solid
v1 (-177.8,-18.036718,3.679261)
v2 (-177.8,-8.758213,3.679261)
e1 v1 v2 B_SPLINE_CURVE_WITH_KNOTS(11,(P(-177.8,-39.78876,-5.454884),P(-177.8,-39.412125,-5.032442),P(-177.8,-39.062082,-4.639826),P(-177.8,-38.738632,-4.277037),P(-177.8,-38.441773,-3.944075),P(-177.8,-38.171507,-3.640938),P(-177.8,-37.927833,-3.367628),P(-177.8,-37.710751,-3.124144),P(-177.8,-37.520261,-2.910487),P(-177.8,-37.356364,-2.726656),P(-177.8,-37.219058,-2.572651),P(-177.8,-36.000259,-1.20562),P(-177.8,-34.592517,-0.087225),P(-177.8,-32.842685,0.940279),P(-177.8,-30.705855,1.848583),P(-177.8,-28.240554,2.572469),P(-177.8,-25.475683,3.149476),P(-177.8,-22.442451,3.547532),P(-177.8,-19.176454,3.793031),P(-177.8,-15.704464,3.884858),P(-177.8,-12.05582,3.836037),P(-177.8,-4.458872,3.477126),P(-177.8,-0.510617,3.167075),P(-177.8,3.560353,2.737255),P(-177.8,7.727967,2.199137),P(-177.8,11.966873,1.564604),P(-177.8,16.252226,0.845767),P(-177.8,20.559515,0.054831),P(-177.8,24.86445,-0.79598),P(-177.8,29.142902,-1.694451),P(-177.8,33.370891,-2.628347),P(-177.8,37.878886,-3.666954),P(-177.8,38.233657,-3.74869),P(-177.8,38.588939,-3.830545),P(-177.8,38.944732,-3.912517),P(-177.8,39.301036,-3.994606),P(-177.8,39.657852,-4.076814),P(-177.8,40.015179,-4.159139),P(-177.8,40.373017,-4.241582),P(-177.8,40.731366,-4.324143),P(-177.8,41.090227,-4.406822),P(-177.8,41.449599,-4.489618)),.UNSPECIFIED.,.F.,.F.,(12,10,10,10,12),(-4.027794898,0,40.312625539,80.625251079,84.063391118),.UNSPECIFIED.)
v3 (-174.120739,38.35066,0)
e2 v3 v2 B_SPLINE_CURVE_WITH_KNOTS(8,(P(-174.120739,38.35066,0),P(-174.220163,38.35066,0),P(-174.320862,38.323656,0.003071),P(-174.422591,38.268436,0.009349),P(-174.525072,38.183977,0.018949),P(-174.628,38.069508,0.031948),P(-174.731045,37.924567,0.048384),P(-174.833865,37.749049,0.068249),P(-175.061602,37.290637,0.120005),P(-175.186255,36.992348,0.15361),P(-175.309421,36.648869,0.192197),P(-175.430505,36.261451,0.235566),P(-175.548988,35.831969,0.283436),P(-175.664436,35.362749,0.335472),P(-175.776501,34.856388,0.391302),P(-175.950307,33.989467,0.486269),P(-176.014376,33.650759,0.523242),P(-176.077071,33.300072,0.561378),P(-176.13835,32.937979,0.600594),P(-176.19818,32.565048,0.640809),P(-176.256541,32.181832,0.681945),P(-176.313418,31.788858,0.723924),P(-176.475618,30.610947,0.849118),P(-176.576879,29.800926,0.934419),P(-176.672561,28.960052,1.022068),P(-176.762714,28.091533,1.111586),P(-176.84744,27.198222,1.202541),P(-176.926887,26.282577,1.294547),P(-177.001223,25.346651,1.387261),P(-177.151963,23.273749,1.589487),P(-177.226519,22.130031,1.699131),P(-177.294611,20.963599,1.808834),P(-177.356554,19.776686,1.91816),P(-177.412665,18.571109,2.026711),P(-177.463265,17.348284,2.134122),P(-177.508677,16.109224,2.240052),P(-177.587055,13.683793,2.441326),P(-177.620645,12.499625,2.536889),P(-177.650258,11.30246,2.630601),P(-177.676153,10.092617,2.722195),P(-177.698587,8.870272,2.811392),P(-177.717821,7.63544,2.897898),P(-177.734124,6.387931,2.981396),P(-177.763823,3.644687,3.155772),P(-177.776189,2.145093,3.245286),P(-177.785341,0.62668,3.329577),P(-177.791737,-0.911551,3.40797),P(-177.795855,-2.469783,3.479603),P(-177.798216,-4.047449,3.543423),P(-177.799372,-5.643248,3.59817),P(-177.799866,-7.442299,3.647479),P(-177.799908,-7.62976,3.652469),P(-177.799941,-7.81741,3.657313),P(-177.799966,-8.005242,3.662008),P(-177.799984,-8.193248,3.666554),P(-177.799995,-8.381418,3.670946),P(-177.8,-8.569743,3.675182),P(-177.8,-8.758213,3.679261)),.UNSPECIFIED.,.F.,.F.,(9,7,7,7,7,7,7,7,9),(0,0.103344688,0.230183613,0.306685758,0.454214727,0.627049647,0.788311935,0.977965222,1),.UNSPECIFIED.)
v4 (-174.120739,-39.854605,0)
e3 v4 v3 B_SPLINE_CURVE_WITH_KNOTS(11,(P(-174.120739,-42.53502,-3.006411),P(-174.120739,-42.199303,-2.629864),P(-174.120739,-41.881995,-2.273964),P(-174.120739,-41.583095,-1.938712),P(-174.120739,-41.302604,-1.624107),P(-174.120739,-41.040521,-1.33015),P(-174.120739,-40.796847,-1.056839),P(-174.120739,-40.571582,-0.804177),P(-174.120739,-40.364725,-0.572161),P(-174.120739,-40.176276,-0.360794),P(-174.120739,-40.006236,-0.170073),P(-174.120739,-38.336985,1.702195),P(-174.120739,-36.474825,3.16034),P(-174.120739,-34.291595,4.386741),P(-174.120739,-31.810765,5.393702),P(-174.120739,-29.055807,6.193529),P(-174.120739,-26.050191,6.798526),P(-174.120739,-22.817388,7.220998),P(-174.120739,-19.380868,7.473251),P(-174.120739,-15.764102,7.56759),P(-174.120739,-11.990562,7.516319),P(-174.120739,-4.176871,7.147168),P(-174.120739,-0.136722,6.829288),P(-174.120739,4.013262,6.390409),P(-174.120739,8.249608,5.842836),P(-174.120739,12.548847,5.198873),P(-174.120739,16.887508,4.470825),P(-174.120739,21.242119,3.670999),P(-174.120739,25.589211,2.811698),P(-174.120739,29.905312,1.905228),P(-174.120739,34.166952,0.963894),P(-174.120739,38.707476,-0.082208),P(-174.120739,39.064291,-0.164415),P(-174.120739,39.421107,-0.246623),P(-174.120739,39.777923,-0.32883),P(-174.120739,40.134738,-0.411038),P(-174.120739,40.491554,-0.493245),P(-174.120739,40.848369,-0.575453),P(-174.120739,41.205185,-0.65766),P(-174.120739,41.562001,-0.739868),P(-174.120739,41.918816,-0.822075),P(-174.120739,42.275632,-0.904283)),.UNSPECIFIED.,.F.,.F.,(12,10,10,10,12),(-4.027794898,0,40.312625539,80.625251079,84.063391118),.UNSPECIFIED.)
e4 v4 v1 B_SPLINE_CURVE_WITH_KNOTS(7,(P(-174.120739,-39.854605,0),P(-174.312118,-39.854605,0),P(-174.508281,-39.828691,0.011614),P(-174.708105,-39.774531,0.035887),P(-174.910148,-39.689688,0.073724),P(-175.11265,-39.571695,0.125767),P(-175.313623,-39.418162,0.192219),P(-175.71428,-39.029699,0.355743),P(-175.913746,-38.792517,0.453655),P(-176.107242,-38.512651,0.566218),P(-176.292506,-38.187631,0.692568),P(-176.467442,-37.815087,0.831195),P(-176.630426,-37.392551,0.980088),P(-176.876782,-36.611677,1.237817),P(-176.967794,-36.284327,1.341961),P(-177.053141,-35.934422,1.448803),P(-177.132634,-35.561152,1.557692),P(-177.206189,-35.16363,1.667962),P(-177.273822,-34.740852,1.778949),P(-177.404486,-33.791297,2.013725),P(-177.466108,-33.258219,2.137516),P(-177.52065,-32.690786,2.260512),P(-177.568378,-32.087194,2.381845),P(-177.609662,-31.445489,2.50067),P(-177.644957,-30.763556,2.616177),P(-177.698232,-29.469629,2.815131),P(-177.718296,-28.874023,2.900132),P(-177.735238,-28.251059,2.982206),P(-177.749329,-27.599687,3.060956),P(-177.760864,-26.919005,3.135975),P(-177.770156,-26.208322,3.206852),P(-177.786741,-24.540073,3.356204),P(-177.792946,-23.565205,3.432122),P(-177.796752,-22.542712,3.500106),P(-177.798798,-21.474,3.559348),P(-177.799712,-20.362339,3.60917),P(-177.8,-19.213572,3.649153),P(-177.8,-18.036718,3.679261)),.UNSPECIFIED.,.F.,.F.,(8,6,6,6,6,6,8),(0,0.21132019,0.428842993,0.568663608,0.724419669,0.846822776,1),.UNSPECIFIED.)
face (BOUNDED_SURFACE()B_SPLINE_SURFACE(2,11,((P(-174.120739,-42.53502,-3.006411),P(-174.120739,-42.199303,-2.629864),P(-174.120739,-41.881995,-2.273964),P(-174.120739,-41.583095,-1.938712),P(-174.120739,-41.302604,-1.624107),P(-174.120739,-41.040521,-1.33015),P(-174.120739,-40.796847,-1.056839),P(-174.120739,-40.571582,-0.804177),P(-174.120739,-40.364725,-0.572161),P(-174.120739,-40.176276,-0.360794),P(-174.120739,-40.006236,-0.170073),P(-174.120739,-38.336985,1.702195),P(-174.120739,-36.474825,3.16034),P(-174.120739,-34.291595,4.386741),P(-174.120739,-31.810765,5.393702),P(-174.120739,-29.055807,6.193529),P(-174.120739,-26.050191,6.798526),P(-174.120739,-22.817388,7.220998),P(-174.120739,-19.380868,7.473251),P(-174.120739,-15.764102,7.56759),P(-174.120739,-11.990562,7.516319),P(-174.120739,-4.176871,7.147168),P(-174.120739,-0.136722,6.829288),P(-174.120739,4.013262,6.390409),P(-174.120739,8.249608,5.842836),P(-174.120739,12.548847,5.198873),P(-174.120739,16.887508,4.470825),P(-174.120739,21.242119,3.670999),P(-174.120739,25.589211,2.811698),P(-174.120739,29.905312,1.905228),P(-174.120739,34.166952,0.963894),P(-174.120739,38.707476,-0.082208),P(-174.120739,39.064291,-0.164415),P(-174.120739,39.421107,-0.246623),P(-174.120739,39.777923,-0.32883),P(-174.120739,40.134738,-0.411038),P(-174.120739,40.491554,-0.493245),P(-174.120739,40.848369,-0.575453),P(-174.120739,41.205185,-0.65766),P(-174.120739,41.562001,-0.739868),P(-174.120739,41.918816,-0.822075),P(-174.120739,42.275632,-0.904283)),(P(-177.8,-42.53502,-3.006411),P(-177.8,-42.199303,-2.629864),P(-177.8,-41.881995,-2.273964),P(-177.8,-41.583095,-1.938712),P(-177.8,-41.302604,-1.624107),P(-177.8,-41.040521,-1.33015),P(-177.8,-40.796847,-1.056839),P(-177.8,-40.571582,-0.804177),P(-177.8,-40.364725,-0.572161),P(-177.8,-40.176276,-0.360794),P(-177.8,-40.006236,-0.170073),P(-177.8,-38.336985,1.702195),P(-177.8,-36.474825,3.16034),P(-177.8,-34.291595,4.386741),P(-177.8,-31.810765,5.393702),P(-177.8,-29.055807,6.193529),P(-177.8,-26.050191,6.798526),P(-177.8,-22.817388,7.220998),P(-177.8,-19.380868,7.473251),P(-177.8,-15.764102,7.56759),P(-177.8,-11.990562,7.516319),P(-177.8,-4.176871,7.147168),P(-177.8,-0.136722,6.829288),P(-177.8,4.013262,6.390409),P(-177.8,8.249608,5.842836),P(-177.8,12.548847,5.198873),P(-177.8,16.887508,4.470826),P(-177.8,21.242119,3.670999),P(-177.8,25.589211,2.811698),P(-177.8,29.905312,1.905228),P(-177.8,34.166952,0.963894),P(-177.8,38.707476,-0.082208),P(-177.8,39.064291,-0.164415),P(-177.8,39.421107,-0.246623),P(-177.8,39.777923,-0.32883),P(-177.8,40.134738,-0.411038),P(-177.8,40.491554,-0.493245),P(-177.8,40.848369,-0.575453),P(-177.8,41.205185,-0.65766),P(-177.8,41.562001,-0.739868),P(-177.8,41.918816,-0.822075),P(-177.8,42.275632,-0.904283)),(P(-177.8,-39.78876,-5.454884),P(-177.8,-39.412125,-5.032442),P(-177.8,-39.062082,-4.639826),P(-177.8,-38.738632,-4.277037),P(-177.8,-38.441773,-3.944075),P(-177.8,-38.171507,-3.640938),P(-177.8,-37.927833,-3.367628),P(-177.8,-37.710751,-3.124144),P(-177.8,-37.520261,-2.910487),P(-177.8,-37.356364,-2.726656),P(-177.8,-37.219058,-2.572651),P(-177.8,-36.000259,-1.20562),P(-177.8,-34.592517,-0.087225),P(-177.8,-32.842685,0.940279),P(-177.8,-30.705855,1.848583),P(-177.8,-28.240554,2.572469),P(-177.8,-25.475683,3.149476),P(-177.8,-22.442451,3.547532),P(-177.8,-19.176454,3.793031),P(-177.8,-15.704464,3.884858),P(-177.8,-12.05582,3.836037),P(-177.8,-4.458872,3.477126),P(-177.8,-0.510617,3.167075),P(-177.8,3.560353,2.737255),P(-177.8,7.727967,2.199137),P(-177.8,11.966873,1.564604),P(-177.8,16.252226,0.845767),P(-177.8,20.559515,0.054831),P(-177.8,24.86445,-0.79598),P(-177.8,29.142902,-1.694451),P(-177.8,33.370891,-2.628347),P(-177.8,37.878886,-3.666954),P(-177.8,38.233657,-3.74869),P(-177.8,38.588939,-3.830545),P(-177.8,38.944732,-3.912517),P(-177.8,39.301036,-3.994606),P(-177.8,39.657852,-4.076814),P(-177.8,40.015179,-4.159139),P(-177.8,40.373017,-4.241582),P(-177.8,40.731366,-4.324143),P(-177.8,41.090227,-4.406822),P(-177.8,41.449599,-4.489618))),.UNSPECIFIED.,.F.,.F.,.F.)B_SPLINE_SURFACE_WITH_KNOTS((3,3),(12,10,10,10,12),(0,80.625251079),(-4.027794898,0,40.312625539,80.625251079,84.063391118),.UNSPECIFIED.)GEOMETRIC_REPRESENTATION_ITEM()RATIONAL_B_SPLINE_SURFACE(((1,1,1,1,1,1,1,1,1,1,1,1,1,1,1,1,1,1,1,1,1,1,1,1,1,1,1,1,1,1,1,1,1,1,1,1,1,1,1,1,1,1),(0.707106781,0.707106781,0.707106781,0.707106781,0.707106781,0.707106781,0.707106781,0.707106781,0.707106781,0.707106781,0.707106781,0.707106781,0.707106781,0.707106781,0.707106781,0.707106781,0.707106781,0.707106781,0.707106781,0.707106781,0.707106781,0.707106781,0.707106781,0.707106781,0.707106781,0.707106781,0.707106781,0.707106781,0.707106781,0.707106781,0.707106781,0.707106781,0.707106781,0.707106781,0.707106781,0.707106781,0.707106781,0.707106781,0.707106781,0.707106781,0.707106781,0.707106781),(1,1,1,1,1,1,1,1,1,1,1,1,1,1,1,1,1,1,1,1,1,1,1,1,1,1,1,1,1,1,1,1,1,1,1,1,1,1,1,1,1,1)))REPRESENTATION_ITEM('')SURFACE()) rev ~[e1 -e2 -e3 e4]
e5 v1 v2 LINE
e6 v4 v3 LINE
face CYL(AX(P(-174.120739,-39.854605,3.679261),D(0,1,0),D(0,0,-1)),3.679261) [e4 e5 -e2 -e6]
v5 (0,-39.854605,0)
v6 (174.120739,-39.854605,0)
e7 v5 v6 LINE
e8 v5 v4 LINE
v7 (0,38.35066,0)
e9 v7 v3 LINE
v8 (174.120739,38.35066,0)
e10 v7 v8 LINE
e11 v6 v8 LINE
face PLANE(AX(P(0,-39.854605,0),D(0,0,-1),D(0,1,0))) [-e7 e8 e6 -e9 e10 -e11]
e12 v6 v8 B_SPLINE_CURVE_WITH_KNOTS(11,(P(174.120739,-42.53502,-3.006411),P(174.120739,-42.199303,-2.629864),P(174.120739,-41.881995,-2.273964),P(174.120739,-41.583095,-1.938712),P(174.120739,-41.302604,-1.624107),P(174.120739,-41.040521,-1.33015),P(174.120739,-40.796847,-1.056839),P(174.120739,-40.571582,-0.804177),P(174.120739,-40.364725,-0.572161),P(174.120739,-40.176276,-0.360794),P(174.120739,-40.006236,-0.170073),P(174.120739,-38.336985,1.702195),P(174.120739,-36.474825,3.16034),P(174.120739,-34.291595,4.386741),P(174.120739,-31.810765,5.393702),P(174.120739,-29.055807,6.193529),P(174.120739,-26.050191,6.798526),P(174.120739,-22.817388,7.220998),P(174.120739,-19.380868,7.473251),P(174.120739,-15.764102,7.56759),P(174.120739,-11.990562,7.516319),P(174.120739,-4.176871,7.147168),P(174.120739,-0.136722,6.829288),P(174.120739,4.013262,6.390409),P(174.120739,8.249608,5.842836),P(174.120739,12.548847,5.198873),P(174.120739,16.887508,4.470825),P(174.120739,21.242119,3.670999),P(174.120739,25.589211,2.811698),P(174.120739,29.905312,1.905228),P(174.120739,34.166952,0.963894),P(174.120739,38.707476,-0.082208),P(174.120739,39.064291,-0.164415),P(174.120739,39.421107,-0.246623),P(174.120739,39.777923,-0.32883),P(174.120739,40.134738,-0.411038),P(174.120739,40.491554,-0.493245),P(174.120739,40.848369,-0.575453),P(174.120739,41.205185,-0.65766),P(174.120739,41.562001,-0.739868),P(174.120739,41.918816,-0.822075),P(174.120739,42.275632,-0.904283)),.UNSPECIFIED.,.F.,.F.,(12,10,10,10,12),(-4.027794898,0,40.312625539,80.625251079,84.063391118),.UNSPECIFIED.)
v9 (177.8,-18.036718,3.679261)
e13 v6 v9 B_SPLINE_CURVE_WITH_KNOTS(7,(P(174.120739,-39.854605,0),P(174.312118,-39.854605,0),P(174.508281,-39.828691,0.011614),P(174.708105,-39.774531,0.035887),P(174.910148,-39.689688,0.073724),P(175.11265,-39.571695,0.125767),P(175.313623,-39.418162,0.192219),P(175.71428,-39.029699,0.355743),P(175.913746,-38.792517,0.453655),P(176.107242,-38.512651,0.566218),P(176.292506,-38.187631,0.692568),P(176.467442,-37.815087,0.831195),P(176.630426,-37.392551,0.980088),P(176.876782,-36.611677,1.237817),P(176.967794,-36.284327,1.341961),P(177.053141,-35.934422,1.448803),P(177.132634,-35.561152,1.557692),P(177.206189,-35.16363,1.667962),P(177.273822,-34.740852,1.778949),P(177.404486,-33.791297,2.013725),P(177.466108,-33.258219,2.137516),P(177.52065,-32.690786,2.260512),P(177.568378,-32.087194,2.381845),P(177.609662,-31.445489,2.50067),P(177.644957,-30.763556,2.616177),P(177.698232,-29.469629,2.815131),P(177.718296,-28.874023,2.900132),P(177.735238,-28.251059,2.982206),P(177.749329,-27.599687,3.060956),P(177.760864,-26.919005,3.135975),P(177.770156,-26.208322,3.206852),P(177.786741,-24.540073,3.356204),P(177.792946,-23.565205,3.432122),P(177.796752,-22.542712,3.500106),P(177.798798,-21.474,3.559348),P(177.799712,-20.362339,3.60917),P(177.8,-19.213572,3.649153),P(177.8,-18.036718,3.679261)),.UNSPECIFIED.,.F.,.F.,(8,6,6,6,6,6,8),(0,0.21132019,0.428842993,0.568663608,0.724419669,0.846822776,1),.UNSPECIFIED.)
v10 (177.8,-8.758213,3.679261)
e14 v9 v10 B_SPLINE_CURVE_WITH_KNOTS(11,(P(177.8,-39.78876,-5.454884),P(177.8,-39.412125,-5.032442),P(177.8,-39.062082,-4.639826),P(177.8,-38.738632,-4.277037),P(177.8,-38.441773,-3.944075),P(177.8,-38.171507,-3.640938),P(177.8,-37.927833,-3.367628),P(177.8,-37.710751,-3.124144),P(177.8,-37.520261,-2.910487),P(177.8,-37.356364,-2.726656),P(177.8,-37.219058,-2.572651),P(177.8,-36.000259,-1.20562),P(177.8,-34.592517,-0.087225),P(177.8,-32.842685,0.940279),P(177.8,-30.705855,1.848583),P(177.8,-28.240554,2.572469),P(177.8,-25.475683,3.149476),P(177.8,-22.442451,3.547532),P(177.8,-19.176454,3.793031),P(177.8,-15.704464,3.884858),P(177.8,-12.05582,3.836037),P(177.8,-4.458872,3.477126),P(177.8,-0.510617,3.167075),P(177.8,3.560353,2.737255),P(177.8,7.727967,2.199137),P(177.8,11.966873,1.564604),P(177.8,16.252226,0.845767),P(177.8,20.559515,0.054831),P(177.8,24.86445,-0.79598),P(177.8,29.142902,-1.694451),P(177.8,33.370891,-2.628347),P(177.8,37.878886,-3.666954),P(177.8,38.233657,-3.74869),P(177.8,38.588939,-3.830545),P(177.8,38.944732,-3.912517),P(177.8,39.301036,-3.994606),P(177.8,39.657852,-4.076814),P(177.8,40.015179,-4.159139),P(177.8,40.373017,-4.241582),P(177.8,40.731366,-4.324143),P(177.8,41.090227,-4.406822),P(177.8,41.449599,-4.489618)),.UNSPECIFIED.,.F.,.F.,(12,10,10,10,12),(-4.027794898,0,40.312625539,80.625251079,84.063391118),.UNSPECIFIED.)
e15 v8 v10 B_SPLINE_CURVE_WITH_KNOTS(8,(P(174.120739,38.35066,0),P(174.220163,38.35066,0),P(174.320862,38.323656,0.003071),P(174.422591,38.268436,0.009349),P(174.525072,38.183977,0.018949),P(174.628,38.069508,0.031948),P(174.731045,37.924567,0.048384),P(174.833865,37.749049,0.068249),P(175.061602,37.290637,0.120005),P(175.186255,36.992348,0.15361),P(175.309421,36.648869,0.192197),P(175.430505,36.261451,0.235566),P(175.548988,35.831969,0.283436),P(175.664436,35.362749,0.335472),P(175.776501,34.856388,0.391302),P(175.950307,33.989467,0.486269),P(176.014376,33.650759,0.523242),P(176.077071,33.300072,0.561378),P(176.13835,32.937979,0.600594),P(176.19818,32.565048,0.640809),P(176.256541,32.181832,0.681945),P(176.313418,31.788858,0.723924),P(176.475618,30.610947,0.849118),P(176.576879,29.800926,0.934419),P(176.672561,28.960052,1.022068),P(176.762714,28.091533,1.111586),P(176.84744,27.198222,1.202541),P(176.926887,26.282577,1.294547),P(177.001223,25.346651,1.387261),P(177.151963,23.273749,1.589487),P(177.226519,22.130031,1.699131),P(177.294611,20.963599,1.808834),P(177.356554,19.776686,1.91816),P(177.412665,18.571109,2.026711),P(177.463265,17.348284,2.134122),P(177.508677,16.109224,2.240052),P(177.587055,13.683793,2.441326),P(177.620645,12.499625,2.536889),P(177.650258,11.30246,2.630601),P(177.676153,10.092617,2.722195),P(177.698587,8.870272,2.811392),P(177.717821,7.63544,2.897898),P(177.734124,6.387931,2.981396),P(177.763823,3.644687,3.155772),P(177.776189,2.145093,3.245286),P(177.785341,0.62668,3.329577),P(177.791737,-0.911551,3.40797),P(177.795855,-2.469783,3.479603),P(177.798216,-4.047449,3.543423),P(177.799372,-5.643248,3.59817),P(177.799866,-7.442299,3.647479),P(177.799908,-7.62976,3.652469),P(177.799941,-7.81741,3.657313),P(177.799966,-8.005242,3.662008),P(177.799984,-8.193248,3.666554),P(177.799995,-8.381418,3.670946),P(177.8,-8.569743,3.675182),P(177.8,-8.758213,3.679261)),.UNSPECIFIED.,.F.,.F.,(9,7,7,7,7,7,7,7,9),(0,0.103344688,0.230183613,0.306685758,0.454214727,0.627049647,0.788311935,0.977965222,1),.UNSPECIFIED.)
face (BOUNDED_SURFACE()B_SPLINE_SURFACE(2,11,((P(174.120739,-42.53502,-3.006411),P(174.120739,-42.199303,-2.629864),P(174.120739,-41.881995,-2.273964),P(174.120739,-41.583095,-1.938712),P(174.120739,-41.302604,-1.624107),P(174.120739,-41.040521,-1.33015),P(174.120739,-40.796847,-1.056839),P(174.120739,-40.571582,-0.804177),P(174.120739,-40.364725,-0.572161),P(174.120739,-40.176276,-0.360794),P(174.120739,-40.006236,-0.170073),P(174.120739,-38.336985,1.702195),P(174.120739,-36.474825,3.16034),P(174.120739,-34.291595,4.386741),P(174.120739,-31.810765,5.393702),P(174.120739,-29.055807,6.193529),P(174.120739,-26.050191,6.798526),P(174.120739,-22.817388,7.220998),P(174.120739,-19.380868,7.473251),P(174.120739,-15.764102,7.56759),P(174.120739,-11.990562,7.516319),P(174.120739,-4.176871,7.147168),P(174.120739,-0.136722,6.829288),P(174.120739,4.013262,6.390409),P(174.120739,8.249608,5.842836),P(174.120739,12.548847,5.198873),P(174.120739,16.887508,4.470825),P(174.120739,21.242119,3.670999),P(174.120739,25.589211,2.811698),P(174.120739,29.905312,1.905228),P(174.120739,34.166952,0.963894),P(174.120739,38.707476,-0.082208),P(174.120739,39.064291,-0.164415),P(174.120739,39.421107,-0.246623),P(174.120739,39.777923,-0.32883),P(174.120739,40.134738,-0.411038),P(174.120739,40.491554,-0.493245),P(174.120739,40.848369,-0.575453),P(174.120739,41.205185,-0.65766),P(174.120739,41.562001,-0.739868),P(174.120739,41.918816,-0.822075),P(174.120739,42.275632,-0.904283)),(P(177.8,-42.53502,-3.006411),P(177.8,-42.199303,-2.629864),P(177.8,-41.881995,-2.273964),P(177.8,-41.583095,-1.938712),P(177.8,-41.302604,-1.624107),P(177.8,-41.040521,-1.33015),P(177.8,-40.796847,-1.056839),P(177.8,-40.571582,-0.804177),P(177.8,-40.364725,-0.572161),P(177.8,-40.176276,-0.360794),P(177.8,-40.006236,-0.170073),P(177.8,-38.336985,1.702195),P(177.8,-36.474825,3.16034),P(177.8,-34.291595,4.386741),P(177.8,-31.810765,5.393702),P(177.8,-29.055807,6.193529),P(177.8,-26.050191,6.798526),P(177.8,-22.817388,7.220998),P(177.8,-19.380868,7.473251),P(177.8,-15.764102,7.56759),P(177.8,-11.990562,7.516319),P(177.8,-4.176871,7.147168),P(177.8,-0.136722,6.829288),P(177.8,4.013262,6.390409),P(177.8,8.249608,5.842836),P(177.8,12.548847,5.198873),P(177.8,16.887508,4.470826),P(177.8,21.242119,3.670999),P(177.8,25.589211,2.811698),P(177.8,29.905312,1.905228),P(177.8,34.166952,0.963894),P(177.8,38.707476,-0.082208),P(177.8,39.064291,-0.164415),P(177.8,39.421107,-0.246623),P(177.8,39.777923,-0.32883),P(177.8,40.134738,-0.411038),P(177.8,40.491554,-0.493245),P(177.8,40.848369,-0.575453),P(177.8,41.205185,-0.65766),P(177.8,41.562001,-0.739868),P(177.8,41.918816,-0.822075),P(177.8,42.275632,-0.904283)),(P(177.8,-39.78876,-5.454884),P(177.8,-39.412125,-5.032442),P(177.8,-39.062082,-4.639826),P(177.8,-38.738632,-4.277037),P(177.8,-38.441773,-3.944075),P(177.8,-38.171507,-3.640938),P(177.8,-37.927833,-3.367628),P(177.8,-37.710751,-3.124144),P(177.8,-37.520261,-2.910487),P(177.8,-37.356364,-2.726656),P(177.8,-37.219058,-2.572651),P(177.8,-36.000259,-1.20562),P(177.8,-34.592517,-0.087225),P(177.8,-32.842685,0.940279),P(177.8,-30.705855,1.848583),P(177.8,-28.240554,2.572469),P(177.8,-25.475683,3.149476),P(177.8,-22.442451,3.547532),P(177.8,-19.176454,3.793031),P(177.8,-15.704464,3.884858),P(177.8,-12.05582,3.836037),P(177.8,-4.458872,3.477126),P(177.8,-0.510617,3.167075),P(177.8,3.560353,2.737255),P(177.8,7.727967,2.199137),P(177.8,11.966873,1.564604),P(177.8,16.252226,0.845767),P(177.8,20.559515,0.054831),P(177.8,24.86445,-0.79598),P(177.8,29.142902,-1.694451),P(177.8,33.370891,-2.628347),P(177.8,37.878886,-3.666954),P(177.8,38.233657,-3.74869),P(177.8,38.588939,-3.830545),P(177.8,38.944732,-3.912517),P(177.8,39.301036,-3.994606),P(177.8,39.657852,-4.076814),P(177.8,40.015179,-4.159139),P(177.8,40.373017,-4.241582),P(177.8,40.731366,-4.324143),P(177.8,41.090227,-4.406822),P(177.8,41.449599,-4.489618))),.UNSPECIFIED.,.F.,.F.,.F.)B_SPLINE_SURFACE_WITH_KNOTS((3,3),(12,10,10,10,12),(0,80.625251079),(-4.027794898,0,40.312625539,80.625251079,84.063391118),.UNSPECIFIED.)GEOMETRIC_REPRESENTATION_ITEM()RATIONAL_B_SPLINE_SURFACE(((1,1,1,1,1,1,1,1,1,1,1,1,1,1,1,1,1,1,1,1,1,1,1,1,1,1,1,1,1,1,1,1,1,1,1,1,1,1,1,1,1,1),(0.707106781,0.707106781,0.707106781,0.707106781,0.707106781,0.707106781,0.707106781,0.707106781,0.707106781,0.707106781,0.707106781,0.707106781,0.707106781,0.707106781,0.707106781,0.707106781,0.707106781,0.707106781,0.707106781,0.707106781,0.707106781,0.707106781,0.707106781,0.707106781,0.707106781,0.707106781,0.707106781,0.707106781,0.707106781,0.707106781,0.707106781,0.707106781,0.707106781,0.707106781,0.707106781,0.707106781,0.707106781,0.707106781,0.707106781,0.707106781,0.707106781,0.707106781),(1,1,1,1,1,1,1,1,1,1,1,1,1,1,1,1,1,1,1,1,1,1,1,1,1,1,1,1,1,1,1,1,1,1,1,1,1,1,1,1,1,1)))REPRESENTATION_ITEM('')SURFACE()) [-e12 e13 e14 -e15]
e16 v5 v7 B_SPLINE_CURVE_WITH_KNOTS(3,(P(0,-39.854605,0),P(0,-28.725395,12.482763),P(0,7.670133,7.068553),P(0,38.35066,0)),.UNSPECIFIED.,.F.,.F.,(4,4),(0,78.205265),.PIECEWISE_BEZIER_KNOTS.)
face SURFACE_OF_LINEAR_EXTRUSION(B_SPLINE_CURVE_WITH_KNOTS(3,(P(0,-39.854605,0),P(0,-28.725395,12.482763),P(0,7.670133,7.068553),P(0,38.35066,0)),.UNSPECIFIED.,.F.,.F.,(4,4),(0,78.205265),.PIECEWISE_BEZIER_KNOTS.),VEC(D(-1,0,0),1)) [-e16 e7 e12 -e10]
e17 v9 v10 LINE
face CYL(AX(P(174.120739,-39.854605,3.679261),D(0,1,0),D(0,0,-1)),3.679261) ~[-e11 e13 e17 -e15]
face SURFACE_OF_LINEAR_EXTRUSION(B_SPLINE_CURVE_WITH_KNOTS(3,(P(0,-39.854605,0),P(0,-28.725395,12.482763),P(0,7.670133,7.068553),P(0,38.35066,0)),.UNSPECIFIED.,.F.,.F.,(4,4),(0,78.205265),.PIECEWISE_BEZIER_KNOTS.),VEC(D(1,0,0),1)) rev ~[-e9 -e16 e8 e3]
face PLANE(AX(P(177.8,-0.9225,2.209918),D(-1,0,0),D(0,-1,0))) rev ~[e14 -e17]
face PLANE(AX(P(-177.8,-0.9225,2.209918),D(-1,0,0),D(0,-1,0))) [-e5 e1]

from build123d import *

# Parameters (mm, degrees)
F1_DEPTH = 177.8
F2_R     = 3.679261


with BuildPart() as f1:
    # F0 (on Right) → F1 (new body, symmetric)
    with BuildSketch(Plane.YZ):
        with BuildLine():
            add(Edge.make_bspline(
                [(-39.854605, 0), (-28.725395, 12.482763), (7.670133, 7.068553), (38.35066, 0)],
                knots=[0, 0, 0, 0, 78.205265, 78.205265, 78.205265, 78.205265], degree=3))
            Line((-39.854605, 0), (38.35066, 0))
        make_face()
    extrude(amount=F1_DEPTH, both=True)

    # F2
    f2_edges = [f1.edges().sort_by_distance(p)[0] for p in [
        (177.8, -1.344917, 6.856211),
        (177.8, -0.751972, 0),
        (-177.8, -1.344917, 6.856211),
        (-177.8, -0.751972, 0),
    ]]
    fillet(f2_edges, radius=F2_R)


solid = f1.part
